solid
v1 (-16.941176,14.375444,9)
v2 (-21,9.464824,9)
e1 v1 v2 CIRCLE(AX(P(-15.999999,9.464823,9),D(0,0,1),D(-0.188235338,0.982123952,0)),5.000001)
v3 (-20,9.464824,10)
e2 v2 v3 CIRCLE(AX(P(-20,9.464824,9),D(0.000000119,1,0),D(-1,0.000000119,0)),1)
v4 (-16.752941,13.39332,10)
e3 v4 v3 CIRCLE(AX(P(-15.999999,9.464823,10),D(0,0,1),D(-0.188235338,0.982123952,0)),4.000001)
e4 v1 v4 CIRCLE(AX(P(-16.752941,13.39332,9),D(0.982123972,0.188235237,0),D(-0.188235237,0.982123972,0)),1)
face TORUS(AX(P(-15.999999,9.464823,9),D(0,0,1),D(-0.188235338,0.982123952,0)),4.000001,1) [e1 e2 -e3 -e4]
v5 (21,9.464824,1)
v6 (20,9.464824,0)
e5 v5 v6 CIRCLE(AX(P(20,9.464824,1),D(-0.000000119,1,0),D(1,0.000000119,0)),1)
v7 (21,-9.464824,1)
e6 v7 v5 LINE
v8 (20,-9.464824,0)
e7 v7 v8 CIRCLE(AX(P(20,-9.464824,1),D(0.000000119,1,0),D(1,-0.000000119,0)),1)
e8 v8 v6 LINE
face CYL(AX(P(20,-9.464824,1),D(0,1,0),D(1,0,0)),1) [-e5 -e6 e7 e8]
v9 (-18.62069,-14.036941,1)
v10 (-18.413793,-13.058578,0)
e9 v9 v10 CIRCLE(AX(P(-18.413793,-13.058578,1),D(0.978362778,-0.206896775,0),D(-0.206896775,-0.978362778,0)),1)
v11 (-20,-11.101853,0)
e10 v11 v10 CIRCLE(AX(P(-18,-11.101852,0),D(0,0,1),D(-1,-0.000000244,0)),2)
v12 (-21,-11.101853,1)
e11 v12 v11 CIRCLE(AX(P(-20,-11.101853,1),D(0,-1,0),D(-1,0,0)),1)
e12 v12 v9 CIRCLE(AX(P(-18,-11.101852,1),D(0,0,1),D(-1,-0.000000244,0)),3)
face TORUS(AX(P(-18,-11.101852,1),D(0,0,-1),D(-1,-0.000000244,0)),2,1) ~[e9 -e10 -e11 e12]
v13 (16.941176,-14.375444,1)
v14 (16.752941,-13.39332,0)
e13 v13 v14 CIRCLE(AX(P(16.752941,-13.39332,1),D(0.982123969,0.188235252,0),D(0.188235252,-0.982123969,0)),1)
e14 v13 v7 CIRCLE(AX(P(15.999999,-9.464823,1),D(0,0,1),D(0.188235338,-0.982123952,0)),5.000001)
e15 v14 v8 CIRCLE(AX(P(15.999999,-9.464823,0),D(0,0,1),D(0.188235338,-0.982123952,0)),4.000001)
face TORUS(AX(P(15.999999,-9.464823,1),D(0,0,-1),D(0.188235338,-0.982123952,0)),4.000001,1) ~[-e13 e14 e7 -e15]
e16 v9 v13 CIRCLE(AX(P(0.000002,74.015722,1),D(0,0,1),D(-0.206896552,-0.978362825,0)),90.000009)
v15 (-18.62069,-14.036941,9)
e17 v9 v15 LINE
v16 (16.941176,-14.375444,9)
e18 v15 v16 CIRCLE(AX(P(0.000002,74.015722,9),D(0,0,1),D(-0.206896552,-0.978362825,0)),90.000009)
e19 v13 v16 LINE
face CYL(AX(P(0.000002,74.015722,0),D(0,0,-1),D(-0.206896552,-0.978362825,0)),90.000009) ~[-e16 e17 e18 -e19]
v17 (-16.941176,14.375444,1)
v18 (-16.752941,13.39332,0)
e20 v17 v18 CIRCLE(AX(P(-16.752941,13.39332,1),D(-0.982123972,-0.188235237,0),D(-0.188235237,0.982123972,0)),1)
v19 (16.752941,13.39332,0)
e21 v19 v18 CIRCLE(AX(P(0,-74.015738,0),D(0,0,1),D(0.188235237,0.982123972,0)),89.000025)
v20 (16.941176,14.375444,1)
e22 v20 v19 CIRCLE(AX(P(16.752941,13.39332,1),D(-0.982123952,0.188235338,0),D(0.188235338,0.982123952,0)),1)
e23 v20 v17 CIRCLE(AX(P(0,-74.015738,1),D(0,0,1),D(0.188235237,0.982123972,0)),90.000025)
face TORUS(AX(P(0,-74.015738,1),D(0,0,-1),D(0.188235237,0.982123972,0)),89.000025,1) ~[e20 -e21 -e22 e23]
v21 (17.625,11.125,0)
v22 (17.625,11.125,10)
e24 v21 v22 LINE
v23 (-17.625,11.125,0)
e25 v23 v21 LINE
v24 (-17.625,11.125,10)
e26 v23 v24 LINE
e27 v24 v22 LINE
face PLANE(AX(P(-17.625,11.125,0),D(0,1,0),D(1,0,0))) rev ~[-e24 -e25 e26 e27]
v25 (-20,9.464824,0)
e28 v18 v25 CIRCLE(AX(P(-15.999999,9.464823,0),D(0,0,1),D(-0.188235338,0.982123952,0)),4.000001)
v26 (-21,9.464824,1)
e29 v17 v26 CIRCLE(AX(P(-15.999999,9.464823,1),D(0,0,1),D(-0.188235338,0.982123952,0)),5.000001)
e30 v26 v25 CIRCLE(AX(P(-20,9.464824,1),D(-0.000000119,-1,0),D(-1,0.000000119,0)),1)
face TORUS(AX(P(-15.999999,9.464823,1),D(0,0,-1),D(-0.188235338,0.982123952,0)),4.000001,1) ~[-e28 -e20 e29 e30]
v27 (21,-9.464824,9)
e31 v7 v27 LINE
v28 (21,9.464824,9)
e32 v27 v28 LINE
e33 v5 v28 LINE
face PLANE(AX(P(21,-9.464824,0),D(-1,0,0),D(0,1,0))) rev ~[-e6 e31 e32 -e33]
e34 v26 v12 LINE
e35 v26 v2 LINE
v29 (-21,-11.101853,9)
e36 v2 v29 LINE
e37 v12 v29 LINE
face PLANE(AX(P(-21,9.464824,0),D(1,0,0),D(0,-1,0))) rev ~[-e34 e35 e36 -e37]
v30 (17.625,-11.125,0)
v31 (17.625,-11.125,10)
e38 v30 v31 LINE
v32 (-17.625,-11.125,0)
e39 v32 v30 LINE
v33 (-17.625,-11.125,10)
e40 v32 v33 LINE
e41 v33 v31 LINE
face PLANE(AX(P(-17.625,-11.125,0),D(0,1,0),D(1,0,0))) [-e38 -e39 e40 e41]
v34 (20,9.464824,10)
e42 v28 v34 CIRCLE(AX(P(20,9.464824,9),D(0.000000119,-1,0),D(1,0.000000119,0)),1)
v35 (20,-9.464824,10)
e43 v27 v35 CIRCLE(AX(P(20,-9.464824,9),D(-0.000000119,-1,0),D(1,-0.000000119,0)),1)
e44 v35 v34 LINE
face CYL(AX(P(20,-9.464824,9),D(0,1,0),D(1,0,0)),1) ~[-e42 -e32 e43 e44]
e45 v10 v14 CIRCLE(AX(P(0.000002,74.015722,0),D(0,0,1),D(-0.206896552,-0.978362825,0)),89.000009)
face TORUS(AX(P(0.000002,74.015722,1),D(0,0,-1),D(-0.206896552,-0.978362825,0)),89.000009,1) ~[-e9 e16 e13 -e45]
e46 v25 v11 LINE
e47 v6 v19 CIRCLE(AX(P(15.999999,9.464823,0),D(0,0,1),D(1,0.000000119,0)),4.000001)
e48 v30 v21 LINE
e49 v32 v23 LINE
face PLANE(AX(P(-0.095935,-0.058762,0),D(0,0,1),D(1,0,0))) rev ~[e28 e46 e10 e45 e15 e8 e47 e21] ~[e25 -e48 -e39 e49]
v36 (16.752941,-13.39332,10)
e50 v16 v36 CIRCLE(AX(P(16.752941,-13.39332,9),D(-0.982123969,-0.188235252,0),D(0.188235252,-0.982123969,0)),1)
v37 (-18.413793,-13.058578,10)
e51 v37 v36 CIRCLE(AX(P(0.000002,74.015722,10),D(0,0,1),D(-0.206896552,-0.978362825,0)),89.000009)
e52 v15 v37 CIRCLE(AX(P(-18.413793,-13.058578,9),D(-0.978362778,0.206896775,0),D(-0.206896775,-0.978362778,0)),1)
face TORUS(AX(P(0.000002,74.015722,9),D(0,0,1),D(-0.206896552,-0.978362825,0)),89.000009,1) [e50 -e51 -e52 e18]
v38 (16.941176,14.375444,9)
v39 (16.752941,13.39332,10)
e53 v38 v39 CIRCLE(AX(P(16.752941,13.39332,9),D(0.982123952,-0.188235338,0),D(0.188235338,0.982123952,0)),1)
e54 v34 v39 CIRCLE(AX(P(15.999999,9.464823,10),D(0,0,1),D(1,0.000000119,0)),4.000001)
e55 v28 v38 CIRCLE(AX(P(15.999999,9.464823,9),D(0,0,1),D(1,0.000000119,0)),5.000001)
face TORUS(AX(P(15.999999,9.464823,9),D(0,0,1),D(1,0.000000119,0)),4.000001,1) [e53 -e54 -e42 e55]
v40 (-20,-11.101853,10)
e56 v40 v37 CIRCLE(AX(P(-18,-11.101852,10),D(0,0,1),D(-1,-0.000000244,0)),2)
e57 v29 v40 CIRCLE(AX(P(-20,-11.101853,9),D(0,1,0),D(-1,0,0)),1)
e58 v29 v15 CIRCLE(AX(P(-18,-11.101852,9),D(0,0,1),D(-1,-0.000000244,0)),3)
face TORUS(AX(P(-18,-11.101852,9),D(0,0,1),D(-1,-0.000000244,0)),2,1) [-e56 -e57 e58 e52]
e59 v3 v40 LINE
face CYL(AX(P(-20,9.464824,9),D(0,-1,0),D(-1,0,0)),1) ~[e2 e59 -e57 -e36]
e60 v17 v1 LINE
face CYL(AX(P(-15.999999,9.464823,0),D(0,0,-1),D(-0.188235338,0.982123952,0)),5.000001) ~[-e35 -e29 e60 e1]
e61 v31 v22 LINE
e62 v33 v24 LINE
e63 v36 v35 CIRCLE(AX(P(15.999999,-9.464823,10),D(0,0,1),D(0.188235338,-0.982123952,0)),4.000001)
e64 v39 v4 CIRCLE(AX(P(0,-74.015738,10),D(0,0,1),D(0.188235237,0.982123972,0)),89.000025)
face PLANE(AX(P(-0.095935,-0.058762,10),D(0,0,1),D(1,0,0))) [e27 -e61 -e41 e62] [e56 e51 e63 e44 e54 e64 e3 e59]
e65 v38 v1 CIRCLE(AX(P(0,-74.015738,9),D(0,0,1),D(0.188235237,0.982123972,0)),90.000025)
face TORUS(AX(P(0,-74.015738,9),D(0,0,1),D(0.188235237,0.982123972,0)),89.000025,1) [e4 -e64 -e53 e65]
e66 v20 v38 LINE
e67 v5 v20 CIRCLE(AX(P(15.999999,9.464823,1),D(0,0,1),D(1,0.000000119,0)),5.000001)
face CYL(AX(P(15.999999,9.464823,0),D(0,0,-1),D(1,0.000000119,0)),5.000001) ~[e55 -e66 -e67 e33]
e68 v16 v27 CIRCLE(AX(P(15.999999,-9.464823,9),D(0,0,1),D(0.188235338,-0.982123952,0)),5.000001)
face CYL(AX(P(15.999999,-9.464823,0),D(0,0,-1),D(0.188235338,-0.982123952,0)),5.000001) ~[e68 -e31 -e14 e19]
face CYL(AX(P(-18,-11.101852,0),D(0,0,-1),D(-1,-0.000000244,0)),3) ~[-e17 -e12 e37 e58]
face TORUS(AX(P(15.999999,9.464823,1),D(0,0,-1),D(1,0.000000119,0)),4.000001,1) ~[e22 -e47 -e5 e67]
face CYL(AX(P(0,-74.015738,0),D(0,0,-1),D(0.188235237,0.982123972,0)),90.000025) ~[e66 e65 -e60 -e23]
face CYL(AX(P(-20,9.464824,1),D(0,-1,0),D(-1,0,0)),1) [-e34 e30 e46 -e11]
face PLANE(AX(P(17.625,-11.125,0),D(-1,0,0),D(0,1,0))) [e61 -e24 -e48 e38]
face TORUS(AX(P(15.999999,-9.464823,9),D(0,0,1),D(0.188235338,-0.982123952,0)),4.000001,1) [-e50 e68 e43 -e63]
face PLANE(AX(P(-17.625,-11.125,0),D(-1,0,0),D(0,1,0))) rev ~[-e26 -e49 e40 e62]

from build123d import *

# Parameters (mm, degrees)
F0_W     = 35.25
F0_H     = 22.25
F1_DEPTH = 10
F2_R     = 1


with BuildPart() as f1:
    # F0 (on Top) → F1 (new body)
    with BuildSketch(Plane.XY):
        with BuildLine():
            Line((21, -9.464824), (21, 9.464824))
            ThreePointArc((21, 9.464824), (19.853951, 12.650269), (16.941176, 14.375444))
            ThreePointArc((16.941176, 14.375444), (0, 15.984287), (-16.941176, 14.375444))
            ThreePointArc((-16.941176, 14.375444), (-19.853951, 12.650269), (-21, 9.464824))
            Line((-21, 9.464824), (-21, -11.101853))
            ThreePointArc((-21, -11.101853), (-20.330458, -12.991023), (-18.62069, -14.036941))
            ThreePointArc((-18.62069, -14.036941), (-0.856643, -15.98021), (16.941176, -14.375444))
            ThreePointArc((16.941176, -14.375444), (19.853951, -12.650269), (21, -9.464824))
        make_face()
        Rectangle(F0_W, F0_H, mode=Mode.SUBTRACT)
    extrude(amount=F1_DEPTH)

    # F2
    f2_edges = [f1.edges().sort_by_distance(p)[0] for p in [
        (19.853951, 12.650269, 10),
        (19.853951, 12.650269, 0),
    ]]
    fillet(f2_edges, radius=F2_R)


solid = f1.part
